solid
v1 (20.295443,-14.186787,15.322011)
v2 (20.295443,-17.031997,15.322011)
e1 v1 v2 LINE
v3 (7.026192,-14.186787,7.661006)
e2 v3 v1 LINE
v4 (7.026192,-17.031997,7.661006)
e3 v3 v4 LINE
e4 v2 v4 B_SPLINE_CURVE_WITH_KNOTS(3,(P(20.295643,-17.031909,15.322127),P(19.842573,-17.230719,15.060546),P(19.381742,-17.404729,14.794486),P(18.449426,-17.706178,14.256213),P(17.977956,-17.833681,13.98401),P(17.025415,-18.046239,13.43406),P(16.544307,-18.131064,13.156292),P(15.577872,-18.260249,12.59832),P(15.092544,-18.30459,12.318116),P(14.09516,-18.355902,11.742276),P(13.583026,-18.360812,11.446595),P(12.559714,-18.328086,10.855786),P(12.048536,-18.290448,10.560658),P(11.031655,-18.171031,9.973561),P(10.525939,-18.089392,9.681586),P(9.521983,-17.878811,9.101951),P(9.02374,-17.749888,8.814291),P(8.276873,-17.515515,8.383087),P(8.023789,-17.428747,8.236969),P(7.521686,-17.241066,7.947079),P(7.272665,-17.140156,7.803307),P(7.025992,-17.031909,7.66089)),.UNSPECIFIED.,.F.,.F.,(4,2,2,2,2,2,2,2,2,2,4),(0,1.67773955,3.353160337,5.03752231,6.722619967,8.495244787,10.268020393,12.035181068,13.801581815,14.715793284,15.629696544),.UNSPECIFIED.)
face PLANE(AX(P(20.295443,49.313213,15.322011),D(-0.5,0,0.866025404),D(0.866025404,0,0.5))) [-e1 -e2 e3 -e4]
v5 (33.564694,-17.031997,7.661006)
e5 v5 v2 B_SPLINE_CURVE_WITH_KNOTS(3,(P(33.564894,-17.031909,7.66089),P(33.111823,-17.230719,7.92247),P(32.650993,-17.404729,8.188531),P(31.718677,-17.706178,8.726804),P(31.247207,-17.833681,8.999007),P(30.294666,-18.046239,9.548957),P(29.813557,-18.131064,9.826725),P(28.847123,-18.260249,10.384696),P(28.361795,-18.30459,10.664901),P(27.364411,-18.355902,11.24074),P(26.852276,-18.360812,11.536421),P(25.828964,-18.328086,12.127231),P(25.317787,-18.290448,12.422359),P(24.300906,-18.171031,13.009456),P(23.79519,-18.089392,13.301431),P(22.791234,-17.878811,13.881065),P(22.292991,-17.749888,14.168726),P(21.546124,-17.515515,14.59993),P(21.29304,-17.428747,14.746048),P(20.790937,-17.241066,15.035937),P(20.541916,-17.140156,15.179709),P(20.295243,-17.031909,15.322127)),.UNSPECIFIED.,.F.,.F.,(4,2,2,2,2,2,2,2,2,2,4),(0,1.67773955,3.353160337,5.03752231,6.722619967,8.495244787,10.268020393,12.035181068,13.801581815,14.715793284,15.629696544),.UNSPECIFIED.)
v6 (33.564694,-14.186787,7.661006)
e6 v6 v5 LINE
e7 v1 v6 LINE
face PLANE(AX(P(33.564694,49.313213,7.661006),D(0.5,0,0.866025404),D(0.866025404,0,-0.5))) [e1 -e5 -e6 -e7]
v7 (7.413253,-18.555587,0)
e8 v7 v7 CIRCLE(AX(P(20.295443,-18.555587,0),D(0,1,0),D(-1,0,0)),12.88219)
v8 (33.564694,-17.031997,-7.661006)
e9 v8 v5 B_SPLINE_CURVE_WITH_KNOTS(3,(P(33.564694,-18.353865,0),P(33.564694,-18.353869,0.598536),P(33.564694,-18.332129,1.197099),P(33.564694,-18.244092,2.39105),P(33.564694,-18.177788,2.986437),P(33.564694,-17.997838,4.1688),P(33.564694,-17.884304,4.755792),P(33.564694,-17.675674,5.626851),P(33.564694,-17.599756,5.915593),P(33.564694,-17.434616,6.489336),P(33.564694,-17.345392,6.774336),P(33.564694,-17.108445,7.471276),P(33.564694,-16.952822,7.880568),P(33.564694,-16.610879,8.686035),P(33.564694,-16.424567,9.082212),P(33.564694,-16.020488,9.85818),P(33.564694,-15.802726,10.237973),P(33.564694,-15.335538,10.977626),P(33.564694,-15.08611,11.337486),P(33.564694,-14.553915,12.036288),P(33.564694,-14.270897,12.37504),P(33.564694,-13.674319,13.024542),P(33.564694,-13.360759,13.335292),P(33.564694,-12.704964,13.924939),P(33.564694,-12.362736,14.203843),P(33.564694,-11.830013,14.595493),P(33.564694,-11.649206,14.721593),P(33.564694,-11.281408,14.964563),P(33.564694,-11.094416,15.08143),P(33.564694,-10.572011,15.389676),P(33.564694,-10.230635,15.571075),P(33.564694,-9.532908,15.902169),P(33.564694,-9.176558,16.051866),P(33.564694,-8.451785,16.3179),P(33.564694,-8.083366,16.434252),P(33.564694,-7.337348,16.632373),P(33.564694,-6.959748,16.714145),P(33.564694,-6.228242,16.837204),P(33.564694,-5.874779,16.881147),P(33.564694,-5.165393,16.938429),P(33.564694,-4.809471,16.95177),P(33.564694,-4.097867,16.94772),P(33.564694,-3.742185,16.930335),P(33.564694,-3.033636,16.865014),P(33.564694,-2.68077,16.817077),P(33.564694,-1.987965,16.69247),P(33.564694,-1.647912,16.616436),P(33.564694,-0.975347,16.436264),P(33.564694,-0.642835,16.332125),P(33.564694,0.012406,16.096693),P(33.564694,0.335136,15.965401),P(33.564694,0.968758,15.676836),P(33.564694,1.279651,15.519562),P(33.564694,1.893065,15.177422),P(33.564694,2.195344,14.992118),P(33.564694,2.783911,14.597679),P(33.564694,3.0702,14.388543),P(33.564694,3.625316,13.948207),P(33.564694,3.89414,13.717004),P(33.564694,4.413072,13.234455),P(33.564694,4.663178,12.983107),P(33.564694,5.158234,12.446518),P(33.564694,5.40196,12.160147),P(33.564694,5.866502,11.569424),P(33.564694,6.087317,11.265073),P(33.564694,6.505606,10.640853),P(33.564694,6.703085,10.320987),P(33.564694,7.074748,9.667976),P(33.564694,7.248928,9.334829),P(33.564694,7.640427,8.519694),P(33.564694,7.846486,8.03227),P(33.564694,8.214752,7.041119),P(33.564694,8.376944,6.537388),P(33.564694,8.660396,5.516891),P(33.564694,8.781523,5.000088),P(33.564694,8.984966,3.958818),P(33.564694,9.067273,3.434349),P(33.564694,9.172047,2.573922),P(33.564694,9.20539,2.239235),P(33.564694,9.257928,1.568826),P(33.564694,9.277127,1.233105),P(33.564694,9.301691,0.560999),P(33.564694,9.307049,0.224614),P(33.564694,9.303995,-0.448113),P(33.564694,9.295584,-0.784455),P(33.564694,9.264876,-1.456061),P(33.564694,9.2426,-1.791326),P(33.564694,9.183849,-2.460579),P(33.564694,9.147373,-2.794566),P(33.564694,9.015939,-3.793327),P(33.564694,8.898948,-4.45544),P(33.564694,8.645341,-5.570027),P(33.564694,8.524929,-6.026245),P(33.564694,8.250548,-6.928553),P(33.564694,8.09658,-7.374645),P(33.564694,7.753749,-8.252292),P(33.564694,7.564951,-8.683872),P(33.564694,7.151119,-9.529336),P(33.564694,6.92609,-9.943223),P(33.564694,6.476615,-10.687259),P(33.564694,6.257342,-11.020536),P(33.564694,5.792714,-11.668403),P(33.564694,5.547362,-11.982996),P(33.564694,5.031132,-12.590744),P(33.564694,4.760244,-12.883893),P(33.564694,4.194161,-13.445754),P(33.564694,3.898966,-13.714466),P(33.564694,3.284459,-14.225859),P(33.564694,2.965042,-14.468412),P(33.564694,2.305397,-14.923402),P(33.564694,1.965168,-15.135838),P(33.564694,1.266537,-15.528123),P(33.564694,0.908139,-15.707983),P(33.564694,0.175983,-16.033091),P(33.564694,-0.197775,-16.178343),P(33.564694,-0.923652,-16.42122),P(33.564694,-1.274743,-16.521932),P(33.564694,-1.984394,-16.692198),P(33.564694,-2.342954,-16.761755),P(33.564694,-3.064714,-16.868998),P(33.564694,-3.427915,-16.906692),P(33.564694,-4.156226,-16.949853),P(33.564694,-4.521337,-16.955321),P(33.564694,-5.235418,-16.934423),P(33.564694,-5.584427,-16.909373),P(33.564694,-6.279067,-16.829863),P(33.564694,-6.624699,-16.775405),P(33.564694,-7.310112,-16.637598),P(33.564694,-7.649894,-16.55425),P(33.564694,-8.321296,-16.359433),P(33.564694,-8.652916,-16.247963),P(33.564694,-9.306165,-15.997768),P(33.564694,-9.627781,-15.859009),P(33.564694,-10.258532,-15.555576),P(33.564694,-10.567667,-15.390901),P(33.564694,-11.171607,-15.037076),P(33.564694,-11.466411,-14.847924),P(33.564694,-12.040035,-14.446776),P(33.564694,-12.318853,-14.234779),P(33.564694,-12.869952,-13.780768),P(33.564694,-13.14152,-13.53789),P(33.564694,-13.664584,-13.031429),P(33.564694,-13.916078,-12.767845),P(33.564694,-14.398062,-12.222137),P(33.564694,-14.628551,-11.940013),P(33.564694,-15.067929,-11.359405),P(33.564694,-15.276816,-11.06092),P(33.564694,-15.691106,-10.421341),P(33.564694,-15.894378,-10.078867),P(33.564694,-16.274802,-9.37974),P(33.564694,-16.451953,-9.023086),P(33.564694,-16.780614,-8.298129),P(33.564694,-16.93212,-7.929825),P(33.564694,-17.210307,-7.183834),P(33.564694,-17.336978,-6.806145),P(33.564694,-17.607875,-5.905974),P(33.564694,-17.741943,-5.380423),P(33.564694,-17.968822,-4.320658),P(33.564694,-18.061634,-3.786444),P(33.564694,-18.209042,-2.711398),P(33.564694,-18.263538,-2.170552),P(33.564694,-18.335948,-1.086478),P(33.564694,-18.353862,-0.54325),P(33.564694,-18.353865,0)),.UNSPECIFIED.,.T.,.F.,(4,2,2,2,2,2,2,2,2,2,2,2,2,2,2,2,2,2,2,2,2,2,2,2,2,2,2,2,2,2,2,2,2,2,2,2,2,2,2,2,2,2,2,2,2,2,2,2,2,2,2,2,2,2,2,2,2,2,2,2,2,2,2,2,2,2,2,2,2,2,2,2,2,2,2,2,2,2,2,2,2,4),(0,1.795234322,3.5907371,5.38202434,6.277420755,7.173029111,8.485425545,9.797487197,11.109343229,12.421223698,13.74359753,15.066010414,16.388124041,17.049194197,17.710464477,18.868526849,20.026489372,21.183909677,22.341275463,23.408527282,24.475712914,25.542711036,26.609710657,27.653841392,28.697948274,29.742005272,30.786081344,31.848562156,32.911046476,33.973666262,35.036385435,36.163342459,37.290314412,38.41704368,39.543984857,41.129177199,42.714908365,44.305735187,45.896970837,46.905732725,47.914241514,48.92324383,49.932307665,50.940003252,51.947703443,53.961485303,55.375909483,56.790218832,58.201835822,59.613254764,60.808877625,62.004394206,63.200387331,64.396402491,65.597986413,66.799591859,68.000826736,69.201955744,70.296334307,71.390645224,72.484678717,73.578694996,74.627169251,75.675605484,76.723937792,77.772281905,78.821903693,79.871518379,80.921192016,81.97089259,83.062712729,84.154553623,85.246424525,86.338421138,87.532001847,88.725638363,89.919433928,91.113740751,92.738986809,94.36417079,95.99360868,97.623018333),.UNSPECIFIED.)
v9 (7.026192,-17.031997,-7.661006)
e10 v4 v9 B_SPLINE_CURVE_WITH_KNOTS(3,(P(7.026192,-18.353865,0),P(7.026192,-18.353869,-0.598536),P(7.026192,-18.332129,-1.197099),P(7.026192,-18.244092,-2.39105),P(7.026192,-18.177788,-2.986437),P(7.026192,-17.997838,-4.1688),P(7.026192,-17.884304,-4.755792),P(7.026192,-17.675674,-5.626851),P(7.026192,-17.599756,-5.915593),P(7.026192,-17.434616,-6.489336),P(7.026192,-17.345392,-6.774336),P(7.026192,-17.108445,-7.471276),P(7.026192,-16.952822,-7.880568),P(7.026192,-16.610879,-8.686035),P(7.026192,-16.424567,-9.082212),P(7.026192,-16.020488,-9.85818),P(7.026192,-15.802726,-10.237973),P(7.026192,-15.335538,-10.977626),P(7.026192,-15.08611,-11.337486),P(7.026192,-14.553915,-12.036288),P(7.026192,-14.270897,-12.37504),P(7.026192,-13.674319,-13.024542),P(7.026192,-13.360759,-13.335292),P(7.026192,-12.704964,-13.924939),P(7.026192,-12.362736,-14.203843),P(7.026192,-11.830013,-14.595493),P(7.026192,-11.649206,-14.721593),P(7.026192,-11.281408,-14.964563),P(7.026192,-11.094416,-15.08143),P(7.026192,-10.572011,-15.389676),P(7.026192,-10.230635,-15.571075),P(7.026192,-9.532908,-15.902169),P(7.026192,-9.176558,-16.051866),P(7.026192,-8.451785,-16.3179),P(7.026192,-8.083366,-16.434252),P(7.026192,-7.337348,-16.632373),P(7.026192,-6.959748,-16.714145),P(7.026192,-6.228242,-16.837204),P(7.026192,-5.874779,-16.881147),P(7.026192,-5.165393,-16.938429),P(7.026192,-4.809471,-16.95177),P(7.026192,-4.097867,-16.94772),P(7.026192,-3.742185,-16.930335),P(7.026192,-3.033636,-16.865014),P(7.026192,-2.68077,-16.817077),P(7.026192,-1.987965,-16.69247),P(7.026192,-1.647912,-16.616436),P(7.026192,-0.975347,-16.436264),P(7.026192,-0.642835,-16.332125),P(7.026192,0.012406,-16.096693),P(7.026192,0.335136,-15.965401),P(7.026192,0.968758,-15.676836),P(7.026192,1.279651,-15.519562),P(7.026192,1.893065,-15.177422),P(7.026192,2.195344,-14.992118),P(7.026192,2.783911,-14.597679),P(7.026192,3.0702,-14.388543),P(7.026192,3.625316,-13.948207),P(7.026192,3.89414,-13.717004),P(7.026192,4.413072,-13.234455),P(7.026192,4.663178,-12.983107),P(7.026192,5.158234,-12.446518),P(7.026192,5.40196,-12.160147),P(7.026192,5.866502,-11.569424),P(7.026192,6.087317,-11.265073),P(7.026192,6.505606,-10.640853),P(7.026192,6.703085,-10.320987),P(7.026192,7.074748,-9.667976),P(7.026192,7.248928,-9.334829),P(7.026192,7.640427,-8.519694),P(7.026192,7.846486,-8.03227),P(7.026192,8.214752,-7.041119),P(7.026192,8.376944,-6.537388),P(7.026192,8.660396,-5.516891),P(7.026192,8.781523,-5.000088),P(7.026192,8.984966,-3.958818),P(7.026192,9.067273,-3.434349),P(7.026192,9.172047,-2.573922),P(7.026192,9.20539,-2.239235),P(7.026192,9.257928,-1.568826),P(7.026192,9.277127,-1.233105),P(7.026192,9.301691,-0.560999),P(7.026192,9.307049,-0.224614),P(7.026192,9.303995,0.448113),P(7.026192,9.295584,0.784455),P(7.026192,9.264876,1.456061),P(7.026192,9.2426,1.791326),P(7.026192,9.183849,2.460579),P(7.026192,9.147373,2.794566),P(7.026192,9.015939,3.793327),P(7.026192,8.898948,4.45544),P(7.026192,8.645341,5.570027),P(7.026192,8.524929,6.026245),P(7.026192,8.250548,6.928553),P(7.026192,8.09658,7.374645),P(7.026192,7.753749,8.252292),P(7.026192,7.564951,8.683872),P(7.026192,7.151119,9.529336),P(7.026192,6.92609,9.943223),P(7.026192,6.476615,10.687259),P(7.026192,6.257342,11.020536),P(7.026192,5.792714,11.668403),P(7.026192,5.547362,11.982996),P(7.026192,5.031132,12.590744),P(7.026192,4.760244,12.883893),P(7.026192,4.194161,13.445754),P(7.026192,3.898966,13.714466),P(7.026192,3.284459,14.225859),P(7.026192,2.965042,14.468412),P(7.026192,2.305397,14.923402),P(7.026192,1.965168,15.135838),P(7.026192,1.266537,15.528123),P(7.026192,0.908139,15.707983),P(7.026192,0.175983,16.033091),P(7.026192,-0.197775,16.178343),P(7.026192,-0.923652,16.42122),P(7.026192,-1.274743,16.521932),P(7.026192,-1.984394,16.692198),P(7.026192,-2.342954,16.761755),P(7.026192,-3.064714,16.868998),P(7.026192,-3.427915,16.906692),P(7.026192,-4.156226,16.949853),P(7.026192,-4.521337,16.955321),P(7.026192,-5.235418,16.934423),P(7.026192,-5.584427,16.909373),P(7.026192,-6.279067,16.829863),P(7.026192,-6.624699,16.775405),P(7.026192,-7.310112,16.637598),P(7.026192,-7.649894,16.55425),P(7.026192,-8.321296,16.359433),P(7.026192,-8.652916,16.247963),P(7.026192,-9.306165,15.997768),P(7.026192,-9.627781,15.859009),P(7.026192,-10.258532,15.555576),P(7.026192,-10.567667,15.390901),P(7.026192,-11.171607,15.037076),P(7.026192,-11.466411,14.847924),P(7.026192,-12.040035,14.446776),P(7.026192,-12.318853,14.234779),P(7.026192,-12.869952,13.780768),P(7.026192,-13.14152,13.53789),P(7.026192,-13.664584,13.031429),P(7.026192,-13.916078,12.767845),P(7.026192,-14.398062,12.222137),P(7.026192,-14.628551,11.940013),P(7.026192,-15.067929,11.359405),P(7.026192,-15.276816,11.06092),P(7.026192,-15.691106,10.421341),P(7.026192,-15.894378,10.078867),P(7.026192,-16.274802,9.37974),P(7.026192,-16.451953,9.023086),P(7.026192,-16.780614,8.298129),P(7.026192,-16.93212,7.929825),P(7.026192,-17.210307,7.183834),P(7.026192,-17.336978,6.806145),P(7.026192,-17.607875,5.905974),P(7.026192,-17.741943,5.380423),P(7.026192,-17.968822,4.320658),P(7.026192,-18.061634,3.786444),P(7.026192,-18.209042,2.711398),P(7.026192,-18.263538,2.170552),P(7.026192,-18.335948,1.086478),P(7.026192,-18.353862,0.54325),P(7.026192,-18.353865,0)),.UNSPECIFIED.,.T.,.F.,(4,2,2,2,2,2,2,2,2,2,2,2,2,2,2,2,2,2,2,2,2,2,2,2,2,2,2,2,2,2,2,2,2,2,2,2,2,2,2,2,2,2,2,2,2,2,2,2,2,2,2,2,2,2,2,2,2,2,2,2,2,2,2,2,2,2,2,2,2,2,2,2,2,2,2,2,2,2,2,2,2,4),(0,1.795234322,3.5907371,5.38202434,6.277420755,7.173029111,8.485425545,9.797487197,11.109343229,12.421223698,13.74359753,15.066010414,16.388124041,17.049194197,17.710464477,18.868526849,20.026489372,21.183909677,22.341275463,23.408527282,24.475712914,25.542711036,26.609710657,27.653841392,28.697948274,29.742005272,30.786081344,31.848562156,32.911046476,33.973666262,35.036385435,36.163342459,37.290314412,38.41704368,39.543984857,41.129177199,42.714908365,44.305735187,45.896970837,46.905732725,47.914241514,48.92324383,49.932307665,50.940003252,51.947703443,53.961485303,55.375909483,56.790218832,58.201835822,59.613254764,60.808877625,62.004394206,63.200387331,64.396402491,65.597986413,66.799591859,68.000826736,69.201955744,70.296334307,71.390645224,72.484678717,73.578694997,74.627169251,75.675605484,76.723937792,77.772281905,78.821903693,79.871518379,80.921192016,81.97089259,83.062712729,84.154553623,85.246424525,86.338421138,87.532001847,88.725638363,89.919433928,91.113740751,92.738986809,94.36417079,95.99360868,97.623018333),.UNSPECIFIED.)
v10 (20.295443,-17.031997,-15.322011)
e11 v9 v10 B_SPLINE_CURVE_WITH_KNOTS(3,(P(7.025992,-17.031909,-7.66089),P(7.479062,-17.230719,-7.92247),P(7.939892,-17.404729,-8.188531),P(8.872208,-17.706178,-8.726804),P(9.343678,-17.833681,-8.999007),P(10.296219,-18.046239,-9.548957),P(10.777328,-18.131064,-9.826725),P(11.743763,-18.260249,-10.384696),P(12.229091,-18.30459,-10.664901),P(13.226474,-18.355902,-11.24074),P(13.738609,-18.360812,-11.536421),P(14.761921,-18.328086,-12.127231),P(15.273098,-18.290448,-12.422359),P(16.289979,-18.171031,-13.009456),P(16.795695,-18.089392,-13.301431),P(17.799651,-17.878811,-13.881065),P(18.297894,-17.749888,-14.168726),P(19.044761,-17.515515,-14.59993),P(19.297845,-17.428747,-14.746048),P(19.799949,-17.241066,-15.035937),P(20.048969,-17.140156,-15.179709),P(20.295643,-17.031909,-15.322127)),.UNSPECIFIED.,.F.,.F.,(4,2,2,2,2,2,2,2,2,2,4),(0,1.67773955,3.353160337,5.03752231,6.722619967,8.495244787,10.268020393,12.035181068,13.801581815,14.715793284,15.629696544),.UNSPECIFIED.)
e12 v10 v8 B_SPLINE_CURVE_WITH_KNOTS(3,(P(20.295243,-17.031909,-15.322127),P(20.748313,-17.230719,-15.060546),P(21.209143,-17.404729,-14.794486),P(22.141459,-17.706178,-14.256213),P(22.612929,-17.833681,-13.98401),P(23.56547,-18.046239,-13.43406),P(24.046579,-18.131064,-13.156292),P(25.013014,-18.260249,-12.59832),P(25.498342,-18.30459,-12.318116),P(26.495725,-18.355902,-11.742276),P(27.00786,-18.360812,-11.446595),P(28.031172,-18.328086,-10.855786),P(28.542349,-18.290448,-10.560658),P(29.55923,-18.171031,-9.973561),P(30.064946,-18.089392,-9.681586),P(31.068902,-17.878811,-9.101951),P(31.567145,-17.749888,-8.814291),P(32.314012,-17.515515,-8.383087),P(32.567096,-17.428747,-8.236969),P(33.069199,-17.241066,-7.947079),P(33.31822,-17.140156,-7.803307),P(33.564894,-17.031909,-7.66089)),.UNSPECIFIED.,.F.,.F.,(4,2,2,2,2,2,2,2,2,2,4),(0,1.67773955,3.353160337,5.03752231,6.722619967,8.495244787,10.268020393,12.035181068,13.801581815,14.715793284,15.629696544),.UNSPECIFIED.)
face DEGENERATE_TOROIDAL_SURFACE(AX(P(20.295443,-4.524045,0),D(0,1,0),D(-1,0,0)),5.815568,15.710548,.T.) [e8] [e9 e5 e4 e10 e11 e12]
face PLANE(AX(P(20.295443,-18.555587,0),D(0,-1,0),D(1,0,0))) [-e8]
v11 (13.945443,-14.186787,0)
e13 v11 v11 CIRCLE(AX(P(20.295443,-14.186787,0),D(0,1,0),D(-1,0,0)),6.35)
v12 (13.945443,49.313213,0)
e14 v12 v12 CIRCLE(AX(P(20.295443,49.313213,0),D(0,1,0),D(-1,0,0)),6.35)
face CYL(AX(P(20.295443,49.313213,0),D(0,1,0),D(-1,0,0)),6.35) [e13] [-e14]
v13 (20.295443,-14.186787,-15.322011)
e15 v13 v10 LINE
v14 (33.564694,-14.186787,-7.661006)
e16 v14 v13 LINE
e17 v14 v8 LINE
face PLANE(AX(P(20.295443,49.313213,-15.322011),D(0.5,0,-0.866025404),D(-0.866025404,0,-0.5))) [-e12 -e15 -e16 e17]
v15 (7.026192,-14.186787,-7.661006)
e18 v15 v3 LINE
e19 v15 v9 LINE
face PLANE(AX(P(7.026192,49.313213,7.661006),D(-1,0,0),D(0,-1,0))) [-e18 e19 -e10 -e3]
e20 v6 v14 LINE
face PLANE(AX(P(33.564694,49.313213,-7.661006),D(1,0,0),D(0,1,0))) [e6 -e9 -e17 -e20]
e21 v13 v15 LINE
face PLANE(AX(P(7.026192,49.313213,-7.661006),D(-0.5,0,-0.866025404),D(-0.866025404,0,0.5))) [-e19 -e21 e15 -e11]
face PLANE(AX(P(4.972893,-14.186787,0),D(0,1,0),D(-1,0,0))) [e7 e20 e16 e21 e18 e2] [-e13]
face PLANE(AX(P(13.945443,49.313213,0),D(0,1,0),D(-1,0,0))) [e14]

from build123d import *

# Parameters (mm, degrees)
SKETCH2_OUTSIDE_W  = 48.751
SKETCH2_OUTSIDE_H  = 48.752
CUT_EXTRUDE1_DEPTH = 79.163904494


with BuildPart() as part:
    # Sketch1 → Revolve1 (revolve)
    with BuildSketch(Plane.XY):
        with BuildLine():
            Line((13.945442694, -14.186787019), (13.945442694, -1.101180597))
            Line((13.945442694, -1.101180597), (13.945442694, 49.313212981))
            Line((13.945442694, 49.313212981), (20.295442694, 49.313212981))
            Line((20.295442694, 49.313212981), (20.295442694, -18.555587019))
            Line((20.295442694, -18.555587019), (7.413252884, -18.555587019))
            ThreePointArc((7.413252884, -18.555587019), (6.158112274, -17.849568811), (4.972892694, -17.031587019))
            Line((4.972892694, -17.031587019), (4.972892694, -14.186787019))
            Line((4.972892694, -14.186787019), (13.945442694, -14.186787019))
        make_face()
    revolve(axis=Axis((20.295442694, 49.313212981, 0), (0, -1, 0)))

    # Sketch2 outside → Cut-Extrude1 (cut, through all)
    with BuildSketch(Plane.XZ.offset(18.555587019)):
        with Locations((20.2955, 0)):
            Rectangle(SKETCH2_OUTSIDE_W, SKETCH2_OUTSIDE_H)
        Polygon((20.295442694, 15.322011053), (7.026191885, 7.661005527), (7.026191885, -7.661005527), (20.295442694, -15.322011053), (33.564693504, -7.661005527), (33.564693504, 7.661005527), align=None, mode=Mode.SUBTRACT)
    extrude(amount=-CUT_EXTRUDE1_DEPTH, mode=Mode.SUBTRACT)


solid = part.part
